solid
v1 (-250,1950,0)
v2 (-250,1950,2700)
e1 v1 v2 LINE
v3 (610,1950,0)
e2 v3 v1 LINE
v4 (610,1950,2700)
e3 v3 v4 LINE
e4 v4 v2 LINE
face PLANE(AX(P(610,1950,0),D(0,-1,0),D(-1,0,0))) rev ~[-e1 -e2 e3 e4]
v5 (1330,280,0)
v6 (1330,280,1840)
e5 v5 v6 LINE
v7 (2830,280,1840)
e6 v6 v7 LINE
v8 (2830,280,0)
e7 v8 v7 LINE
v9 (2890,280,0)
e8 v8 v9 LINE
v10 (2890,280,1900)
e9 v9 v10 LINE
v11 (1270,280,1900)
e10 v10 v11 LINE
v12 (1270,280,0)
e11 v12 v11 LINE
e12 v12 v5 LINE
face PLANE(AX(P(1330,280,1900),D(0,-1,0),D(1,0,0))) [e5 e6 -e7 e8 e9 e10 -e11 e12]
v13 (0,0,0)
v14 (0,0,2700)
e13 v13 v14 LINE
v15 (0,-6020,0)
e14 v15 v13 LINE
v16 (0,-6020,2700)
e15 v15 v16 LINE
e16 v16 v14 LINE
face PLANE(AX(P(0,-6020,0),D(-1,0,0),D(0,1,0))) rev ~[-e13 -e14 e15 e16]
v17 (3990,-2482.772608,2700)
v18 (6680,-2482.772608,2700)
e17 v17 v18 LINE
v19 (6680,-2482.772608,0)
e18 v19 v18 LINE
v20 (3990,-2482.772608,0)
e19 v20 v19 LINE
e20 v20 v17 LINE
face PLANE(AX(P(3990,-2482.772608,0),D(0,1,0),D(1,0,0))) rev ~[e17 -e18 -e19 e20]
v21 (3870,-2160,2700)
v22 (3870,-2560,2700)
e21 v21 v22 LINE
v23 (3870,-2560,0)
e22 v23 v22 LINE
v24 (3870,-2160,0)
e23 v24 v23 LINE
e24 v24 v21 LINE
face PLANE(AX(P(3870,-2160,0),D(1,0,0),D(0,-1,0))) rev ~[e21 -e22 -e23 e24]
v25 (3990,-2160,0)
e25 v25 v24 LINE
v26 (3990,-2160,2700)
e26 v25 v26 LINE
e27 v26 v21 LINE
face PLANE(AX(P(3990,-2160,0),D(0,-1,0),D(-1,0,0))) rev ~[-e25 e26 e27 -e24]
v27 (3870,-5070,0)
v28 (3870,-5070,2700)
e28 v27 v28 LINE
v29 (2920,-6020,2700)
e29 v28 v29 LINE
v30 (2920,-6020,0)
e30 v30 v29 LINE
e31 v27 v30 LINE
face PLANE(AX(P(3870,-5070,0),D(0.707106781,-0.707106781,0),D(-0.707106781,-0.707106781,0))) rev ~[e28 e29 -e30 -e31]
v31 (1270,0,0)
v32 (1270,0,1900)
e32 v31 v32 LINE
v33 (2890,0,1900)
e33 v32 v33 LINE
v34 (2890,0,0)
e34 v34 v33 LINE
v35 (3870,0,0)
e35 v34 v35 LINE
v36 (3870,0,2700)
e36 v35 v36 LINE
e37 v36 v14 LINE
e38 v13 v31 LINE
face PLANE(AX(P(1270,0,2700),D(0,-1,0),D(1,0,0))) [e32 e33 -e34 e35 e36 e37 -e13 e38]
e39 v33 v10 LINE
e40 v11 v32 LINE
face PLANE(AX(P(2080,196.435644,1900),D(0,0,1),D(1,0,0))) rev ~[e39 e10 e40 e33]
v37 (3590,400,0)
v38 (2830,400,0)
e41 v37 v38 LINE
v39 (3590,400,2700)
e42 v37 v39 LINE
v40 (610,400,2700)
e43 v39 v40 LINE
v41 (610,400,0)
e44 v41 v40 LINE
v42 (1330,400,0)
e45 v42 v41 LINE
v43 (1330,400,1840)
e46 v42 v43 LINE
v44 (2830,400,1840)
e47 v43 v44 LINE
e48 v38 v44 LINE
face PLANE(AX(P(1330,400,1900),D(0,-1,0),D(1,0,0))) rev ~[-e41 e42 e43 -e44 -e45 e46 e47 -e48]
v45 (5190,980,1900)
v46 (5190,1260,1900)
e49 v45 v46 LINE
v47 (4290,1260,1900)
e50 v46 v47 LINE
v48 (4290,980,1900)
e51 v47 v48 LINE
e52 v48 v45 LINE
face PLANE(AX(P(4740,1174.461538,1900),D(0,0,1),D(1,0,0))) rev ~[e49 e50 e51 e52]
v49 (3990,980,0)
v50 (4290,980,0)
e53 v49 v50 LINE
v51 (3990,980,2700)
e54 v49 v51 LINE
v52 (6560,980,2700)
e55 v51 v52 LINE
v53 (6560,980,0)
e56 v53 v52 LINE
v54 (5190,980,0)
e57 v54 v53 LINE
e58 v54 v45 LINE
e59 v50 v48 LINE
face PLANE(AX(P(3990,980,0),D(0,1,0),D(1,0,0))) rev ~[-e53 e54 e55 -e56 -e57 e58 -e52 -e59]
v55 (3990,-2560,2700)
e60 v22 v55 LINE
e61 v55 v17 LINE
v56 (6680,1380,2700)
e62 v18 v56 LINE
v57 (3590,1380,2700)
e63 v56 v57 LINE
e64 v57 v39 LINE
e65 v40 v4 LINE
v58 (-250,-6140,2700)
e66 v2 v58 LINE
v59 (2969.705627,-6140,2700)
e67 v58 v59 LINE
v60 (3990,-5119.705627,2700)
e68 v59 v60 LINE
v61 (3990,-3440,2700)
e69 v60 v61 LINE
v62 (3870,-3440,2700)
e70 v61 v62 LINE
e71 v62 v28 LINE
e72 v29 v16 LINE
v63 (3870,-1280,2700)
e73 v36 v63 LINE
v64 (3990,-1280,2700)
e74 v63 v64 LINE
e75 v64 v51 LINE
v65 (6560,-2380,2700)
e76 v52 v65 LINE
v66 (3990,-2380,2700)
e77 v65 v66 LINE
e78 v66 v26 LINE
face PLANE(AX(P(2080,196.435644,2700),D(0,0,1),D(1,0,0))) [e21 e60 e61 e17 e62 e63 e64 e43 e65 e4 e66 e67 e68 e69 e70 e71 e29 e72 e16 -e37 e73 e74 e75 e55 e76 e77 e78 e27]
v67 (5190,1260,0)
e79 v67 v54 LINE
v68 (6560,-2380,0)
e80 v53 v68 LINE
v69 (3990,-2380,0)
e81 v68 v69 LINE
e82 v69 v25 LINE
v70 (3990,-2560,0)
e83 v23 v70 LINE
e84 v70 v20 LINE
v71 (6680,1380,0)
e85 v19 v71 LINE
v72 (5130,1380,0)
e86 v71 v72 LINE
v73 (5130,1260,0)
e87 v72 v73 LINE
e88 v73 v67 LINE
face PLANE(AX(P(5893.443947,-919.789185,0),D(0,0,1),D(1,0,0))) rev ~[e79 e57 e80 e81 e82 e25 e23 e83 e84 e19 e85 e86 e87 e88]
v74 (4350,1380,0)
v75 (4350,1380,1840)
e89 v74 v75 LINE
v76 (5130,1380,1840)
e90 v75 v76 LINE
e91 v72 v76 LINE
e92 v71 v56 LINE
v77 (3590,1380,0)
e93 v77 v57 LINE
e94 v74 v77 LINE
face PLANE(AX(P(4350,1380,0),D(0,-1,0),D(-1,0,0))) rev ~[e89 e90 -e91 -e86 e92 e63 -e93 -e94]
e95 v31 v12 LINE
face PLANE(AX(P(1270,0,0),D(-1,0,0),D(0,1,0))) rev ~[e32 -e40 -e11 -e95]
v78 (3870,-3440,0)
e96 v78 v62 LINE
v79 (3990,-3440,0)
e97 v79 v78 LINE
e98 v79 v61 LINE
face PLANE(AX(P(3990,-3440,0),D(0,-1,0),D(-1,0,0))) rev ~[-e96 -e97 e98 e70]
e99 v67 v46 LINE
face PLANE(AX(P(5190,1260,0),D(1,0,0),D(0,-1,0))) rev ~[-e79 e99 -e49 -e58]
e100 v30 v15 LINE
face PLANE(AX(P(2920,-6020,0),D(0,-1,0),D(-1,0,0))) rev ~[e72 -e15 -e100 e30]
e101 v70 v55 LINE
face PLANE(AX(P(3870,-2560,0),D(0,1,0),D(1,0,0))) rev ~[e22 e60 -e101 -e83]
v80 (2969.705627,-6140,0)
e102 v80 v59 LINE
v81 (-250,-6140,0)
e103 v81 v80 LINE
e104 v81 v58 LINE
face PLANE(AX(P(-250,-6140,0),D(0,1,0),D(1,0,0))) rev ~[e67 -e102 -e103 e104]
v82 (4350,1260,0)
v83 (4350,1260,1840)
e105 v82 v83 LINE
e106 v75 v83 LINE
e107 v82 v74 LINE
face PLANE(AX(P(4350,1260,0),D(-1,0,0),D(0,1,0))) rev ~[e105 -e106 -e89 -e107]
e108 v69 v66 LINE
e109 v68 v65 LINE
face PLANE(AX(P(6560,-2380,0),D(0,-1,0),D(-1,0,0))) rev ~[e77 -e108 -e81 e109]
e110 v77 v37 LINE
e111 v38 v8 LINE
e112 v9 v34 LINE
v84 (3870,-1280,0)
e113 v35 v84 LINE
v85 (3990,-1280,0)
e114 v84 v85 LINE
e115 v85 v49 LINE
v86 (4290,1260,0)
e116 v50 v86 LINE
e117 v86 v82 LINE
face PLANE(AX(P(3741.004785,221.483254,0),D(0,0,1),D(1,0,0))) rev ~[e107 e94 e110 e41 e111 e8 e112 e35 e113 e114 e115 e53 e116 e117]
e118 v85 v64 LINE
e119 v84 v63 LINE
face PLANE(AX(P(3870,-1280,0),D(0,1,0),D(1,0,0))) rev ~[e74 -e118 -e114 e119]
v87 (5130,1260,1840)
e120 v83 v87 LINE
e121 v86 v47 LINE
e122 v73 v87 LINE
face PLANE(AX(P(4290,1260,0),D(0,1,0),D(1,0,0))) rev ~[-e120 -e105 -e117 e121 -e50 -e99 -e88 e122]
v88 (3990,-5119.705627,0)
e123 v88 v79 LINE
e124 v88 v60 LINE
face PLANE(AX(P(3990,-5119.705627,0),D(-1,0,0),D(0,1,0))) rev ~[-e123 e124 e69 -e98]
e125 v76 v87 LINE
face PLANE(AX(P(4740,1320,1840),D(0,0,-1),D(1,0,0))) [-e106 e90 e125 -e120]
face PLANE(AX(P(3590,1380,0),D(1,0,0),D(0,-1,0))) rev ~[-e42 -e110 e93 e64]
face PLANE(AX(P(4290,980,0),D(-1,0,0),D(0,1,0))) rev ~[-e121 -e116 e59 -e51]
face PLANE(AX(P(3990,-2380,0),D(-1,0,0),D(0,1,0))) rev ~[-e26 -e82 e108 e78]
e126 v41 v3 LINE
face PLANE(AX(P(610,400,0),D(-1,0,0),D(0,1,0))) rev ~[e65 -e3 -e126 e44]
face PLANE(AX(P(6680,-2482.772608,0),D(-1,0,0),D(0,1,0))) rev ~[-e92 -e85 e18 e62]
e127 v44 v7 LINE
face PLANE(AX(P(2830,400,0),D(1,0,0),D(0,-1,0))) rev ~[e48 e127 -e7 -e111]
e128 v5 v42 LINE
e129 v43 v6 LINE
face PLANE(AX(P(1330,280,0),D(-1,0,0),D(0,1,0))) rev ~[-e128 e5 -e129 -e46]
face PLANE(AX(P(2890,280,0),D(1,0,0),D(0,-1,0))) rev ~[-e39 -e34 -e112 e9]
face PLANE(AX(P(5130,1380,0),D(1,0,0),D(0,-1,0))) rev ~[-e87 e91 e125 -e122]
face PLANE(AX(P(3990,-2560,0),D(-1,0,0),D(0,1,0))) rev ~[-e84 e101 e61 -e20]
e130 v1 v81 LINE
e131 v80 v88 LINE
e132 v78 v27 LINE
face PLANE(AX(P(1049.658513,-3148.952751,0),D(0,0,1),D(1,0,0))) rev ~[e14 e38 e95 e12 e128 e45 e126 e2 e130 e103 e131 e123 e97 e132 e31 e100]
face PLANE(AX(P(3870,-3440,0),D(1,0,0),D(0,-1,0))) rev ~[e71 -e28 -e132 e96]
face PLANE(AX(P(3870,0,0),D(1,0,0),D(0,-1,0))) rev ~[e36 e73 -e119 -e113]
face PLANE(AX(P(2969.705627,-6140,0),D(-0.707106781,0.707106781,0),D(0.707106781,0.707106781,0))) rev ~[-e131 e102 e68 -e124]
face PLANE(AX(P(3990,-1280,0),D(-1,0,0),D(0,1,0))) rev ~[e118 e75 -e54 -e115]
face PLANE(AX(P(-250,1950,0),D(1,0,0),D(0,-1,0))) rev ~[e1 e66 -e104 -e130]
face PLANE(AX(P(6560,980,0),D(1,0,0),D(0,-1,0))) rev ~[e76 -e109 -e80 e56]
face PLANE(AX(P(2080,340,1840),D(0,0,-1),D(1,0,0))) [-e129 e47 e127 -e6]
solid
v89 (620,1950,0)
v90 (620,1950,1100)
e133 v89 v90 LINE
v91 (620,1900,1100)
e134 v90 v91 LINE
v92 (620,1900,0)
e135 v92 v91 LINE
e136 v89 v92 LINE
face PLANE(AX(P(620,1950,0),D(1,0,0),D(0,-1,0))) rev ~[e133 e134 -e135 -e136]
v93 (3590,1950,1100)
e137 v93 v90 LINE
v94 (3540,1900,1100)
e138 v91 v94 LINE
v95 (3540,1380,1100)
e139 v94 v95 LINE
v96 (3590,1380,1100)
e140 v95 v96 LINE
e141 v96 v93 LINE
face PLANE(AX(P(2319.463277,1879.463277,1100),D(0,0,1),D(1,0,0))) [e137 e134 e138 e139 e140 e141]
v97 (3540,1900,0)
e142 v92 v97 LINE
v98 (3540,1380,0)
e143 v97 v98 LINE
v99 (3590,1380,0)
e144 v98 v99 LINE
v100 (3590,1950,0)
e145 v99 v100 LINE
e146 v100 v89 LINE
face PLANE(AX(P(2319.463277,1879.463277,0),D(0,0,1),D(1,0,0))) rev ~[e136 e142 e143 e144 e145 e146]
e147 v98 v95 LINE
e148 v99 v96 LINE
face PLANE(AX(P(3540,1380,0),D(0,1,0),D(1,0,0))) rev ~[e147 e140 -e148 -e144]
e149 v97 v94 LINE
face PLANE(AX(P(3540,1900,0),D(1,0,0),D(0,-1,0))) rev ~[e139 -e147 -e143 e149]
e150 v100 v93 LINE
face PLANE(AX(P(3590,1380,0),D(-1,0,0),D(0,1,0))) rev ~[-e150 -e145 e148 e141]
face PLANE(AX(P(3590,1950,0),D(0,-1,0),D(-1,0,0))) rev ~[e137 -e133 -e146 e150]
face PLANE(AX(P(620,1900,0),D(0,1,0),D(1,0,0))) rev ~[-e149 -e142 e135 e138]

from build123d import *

# Parameters (mm, degrees)
F2_DEPTH = 2700
F3_DEPTH = 1100
F5_DEPTH = 800
F6_W     = 1500
F6_H     = 120
F6_W_2   = 780
F7_DEPTH = 60


with BuildPart() as f2:
    # F1 (on Top) → F2 (new body)
    with BuildSketch(Plane.XY):
        Polygon((0, -6020), (0, 0), (1270, 0), (1270, 280), (1330, 280), (1330, 400), (610, 400), (610, 1950), (-250, 1950), (-250, -6140), (2969.705627, -6140), (3990, -5119.705627), (3990, -3440), (3870, -3440), (3870, -5070), (2920, -6020), align=None)
        Polygon((2890, 280), (2890, 0), (3870, 0), (3870, -1280), (3990, -1280), (3990, 980), (4290, 980), (4290, 1260), (4350, 1260), (4350, 1380), (3590, 1380), (3590, 400), (2830, 400), (2830, 280), align=None)
        Polygon((6560, -2380), (3990, -2380), (3990, -2160), (3870, -2160), (3870, -2560), (3990, -2560), (3990, -2482.772608), (6680, -2482.772608), (6680, 1380), (5130, 1380), (5130, 1260), (5190, 1260), (5190, 980), (6560, 980), align=None)
    extrude(amount=F2_DEPTH)

    # F4 (on face) → F5 (join)
    with BuildSketch(Plane.XY.offset(2700)):
        Polygon((1330, 400), (1330, 280), (1270, 280), (1270, 0), (2890, 0), (2890, 280), (2830, 280), (2830, 400), align=None)
        Polygon((4350, 1380), (4350, 1260), (4290, 1260), (4290, 980), (5190, 980), (5190, 1260), (5130, 1260), (5130, 1380), align=None)
    extrude(amount=-F5_DEPTH)

    # F6 (on face) → F7 (join)
    with BuildSketch(Plane(origin=(0, 0, 1900), x_dir=(1, 0, 0), z_dir=(0, 0, -1))):
        with Locations((2080, -340)):
            Rectangle(F6_W, F6_H)
        with Locations((4740, -1320)):
            Rectangle(F6_W_2, F6_H)
    extrude(amount=F7_DEPTH)


with BuildPart() as f3:
    # F1 (on Top) → F3 (new body)
    with BuildSketch(Plane.XY):
        Polygon((3540, 1380), (3590, 1380), (3590, 1950), (620, 1950), (620, 1900), (3540, 1900), align=None)
    extrude(amount=F3_DEPTH)


solid = Compound([f2.part, f3.part])
